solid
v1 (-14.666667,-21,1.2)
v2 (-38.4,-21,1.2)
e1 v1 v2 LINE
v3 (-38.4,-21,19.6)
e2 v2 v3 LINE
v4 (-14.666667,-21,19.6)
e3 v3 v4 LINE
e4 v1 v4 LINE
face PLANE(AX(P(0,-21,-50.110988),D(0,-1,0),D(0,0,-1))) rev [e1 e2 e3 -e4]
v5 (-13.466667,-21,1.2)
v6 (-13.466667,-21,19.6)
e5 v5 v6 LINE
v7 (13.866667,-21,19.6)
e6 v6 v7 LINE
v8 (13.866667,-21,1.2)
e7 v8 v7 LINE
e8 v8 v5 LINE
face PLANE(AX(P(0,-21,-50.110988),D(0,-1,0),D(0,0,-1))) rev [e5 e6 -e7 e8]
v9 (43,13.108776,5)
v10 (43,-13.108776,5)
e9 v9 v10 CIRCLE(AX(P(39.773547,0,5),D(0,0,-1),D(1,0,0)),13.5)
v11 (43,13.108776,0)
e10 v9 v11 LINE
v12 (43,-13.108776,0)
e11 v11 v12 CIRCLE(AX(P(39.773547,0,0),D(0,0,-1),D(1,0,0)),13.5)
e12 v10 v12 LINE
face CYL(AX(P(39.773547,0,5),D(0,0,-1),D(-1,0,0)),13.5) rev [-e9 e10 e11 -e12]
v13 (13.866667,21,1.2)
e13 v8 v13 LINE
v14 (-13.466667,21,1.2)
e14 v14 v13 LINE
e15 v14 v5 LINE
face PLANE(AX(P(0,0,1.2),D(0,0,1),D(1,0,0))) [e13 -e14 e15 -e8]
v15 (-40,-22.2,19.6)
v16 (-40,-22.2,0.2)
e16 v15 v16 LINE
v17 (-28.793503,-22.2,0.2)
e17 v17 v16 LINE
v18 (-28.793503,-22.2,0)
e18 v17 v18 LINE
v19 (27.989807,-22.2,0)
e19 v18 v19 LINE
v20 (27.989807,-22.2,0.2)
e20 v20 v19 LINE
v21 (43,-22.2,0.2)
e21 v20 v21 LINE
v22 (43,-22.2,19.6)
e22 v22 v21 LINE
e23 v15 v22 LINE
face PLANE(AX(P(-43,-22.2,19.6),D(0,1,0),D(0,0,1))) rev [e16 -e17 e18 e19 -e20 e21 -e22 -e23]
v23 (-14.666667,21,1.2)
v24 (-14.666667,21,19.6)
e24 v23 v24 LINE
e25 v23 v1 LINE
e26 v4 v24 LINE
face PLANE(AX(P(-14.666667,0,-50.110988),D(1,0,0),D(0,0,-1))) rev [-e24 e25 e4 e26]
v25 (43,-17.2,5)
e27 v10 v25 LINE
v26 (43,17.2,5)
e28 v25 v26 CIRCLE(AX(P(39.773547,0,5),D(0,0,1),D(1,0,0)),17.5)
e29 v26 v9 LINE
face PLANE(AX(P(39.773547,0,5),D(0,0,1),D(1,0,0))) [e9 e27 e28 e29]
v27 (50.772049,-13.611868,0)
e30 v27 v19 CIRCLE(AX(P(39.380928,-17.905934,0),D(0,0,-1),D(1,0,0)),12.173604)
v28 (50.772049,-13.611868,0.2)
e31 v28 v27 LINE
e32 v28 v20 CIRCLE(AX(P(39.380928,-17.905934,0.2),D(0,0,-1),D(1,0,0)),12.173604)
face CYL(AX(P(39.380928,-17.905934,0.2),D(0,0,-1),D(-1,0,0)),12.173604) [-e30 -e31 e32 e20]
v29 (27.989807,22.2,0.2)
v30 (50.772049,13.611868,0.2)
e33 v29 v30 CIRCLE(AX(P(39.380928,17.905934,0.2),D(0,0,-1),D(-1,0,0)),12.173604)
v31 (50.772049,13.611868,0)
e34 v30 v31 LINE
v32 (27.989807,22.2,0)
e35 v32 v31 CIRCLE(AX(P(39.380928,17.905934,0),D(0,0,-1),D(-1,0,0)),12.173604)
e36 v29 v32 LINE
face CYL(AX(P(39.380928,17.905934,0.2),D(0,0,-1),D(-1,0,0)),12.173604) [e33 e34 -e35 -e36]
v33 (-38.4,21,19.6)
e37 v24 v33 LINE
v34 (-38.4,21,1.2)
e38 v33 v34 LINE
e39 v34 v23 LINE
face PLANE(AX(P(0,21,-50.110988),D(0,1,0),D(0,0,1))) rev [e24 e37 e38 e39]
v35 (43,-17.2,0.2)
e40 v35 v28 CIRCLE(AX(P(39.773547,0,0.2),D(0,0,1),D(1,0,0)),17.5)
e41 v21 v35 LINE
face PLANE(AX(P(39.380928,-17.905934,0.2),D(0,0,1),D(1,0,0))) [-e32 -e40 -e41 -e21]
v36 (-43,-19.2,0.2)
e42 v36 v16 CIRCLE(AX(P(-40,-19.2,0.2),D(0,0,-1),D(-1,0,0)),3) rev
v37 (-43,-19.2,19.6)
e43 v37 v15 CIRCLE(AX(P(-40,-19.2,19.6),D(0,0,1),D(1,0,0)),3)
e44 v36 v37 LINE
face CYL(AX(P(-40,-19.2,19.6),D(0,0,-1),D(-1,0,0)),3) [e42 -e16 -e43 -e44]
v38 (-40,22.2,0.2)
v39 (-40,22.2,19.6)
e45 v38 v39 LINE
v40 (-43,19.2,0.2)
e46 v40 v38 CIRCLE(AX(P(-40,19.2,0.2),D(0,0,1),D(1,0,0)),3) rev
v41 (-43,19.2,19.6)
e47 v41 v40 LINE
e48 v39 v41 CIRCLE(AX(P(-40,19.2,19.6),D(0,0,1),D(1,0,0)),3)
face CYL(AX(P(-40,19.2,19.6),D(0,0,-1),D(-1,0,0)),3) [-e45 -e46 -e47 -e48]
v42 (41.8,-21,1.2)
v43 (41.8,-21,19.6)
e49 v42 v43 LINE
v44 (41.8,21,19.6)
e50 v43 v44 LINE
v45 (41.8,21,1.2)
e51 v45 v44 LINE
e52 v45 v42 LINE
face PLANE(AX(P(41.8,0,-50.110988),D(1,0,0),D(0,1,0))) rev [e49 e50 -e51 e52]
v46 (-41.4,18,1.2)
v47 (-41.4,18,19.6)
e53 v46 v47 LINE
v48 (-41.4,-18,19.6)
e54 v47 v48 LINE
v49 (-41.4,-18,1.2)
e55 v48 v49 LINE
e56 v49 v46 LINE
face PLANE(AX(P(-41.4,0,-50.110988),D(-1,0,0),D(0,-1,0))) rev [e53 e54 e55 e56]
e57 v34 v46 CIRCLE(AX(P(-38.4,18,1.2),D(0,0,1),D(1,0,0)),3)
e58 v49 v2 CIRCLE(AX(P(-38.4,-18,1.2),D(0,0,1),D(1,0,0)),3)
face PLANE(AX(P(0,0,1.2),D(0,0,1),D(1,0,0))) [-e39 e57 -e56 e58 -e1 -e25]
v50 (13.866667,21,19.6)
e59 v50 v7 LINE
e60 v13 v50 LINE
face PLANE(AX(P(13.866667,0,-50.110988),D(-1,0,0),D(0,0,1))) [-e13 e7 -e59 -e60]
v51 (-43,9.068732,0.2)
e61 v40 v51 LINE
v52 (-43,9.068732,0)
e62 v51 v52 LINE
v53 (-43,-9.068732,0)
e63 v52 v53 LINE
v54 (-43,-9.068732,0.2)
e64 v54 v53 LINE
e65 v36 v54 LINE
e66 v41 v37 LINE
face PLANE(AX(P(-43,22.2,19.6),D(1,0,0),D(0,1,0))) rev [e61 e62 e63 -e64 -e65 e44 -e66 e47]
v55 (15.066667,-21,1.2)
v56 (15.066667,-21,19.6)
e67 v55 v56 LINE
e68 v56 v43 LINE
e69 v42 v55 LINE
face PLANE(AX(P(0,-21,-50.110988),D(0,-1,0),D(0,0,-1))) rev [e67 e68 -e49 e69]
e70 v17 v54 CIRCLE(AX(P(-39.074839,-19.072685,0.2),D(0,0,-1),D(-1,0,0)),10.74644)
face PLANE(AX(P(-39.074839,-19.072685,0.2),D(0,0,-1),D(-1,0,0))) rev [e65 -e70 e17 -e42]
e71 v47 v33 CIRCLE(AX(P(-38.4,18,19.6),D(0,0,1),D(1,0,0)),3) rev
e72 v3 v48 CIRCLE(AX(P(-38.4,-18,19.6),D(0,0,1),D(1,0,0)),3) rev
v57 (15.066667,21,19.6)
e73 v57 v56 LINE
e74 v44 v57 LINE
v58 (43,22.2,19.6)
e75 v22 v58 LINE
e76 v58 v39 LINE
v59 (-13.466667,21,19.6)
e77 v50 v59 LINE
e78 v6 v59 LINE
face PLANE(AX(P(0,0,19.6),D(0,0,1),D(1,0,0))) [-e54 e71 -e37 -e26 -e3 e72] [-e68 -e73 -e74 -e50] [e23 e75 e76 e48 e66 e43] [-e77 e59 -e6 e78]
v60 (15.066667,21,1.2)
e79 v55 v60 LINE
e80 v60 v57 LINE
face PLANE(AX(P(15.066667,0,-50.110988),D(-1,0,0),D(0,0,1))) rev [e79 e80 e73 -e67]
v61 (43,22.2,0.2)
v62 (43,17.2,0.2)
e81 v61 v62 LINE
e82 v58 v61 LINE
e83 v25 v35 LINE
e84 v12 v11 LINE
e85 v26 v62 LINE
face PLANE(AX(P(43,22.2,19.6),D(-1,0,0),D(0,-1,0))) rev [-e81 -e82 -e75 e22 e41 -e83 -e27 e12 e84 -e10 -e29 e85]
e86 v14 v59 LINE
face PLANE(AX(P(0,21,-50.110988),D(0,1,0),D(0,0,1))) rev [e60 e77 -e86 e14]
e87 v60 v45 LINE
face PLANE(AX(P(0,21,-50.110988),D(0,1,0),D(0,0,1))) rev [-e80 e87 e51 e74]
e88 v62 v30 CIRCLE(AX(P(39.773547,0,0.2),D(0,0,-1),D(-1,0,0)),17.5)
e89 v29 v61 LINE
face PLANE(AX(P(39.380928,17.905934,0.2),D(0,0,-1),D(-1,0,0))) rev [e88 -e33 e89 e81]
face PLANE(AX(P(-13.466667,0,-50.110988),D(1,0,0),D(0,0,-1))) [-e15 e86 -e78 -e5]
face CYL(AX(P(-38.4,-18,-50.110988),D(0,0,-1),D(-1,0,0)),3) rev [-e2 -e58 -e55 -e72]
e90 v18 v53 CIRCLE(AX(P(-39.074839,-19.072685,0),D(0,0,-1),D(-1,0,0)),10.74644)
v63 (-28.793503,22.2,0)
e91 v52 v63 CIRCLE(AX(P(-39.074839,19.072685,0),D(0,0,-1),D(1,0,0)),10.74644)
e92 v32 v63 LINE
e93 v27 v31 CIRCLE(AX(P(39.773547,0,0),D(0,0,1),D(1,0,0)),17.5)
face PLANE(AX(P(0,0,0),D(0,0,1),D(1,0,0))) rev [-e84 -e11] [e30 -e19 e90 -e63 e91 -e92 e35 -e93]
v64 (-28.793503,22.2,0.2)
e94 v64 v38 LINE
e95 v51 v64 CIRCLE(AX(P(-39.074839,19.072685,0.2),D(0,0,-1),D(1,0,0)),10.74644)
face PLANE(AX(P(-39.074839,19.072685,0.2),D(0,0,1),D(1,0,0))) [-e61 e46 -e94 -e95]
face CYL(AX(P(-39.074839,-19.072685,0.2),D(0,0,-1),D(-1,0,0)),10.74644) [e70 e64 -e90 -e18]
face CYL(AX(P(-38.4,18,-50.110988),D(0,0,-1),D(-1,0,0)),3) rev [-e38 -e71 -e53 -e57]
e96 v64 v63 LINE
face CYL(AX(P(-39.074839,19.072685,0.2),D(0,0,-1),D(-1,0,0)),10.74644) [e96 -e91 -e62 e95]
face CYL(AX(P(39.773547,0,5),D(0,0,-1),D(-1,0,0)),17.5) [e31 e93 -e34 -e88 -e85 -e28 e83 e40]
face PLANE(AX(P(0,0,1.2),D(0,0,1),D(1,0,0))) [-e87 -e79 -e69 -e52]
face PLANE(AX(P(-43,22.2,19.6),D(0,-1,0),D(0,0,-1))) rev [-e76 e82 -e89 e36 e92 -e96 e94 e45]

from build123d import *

# Parameters (mm, degrees)
SKETCH_1_W          = 86
SKETCH_1_H          = 44.4
EXTRUDE_1_DEPTH     = 19.6
EXTRUDE_2_DEPTH     = 5
SKETCH_3_W          = 26.733333333
SKETCH_3_H          = 42
SKETCH_3_W_2        = 27.333333334
CUT_EXTRUDE_1_DEPTH = 18.4
FILLET_1_R          = 3
EXTRUDE_3_DEPTH     = 0.2


with BuildPart() as part:
    # Эскиз1 → Бобышка-Вытянуть1 (new body)
    with BuildSketch(Plane.XY):
        Rectangle(SKETCH_1_W, SKETCH_1_H)
    extrude(amount=EXTRUDE_1_DEPTH)

    # Эскиз2 → Бобышка-Вытянуть2 (add)
    with BuildSketch(Plane.XY):
        with BuildLine():
            Line((43, 17.2), (43, 13.108775687))
            ThreePointArc((43, 13.108775687), (53.273546839, 0), (43, -13.108775687))
            Line((43, -13.108775687), (43, -17.2))
            ThreePointArc((43, -17.2), (57.273546839, 0), (43, 17.2))
        make_face()
    extrude(amount=EXTRUDE_2_DEPTH)

    # Эскиз3 → Вырез-Вытянуть1 (cut)
    with BuildSketch(Plane.XY.offset(19.6)):
        with Locations((-28.033333334, 0)):
            Rectangle(SKETCH_3_W, SKETCH_3_H)
        with Locations((0.2, 0)):
            Rectangle(SKETCH_3_W_2, SKETCH_3_H)
        with Locations((28.433333334, 0)):
            Rectangle(SKETCH_3_W, SKETCH_3_H)
    extrude(amount=-CUT_EXTRUDE_1_DEPTH, mode=Mode.SUBTRACT)

    # Скругление1
    fillet_1_edges = [part.edges().sort_by_distance(p)[0] for p in [
        (-41.4, 21, 10.4),
        (-41.4, -21, 10.4),
        (-43, -22.2, 9.8),
        (-43, 22.2, 9.8),
    ]]
    fillet(fillet_1_edges, radius=FILLET_1_R)

    # Эскиз4 → Бобышка-Вытянуть3 (add)
    with BuildSketch(Plane(origin=(0, 0, 0), x_dir=(-1, 0, 0), z_dir=(0, 0, -1))):
        with BuildLine():
            Line((-50.772048757, 13.611868188), (-27.989807175, 22.2))
            ThreePointArc((-27.989807175, 22.2), (-43.674993872, 29.297054885), (-50.772048757, 13.611868188))
        make_face()
        with BuildLine():
            Line((-50.772048757, -13.611868188), (-27.989807175, -22.2))
            ThreePointArc((-27.989807175, -22.2), (-43.674993872, -29.297054885), (-50.772048757, -13.611868188))
        make_face()
        with BuildLine():
            Line((43, 9.068731744), (28.793502644, 22.2))
            ThreePointArc((28.793502644, 22.2), (46.369205759, 26.964337461), (43, 9.068731744))
        make_face()
        with BuildLine():
            Line((43, -9.068731744), (28.793502644, -22.2))
            ThreePointArc((28.793502644, -22.2), (46.369205759, -26.964337461), (43, -9.068731744))
        make_face()
    extrude(amount=-EXTRUDE_3_DEPTH)


solid = part.part
